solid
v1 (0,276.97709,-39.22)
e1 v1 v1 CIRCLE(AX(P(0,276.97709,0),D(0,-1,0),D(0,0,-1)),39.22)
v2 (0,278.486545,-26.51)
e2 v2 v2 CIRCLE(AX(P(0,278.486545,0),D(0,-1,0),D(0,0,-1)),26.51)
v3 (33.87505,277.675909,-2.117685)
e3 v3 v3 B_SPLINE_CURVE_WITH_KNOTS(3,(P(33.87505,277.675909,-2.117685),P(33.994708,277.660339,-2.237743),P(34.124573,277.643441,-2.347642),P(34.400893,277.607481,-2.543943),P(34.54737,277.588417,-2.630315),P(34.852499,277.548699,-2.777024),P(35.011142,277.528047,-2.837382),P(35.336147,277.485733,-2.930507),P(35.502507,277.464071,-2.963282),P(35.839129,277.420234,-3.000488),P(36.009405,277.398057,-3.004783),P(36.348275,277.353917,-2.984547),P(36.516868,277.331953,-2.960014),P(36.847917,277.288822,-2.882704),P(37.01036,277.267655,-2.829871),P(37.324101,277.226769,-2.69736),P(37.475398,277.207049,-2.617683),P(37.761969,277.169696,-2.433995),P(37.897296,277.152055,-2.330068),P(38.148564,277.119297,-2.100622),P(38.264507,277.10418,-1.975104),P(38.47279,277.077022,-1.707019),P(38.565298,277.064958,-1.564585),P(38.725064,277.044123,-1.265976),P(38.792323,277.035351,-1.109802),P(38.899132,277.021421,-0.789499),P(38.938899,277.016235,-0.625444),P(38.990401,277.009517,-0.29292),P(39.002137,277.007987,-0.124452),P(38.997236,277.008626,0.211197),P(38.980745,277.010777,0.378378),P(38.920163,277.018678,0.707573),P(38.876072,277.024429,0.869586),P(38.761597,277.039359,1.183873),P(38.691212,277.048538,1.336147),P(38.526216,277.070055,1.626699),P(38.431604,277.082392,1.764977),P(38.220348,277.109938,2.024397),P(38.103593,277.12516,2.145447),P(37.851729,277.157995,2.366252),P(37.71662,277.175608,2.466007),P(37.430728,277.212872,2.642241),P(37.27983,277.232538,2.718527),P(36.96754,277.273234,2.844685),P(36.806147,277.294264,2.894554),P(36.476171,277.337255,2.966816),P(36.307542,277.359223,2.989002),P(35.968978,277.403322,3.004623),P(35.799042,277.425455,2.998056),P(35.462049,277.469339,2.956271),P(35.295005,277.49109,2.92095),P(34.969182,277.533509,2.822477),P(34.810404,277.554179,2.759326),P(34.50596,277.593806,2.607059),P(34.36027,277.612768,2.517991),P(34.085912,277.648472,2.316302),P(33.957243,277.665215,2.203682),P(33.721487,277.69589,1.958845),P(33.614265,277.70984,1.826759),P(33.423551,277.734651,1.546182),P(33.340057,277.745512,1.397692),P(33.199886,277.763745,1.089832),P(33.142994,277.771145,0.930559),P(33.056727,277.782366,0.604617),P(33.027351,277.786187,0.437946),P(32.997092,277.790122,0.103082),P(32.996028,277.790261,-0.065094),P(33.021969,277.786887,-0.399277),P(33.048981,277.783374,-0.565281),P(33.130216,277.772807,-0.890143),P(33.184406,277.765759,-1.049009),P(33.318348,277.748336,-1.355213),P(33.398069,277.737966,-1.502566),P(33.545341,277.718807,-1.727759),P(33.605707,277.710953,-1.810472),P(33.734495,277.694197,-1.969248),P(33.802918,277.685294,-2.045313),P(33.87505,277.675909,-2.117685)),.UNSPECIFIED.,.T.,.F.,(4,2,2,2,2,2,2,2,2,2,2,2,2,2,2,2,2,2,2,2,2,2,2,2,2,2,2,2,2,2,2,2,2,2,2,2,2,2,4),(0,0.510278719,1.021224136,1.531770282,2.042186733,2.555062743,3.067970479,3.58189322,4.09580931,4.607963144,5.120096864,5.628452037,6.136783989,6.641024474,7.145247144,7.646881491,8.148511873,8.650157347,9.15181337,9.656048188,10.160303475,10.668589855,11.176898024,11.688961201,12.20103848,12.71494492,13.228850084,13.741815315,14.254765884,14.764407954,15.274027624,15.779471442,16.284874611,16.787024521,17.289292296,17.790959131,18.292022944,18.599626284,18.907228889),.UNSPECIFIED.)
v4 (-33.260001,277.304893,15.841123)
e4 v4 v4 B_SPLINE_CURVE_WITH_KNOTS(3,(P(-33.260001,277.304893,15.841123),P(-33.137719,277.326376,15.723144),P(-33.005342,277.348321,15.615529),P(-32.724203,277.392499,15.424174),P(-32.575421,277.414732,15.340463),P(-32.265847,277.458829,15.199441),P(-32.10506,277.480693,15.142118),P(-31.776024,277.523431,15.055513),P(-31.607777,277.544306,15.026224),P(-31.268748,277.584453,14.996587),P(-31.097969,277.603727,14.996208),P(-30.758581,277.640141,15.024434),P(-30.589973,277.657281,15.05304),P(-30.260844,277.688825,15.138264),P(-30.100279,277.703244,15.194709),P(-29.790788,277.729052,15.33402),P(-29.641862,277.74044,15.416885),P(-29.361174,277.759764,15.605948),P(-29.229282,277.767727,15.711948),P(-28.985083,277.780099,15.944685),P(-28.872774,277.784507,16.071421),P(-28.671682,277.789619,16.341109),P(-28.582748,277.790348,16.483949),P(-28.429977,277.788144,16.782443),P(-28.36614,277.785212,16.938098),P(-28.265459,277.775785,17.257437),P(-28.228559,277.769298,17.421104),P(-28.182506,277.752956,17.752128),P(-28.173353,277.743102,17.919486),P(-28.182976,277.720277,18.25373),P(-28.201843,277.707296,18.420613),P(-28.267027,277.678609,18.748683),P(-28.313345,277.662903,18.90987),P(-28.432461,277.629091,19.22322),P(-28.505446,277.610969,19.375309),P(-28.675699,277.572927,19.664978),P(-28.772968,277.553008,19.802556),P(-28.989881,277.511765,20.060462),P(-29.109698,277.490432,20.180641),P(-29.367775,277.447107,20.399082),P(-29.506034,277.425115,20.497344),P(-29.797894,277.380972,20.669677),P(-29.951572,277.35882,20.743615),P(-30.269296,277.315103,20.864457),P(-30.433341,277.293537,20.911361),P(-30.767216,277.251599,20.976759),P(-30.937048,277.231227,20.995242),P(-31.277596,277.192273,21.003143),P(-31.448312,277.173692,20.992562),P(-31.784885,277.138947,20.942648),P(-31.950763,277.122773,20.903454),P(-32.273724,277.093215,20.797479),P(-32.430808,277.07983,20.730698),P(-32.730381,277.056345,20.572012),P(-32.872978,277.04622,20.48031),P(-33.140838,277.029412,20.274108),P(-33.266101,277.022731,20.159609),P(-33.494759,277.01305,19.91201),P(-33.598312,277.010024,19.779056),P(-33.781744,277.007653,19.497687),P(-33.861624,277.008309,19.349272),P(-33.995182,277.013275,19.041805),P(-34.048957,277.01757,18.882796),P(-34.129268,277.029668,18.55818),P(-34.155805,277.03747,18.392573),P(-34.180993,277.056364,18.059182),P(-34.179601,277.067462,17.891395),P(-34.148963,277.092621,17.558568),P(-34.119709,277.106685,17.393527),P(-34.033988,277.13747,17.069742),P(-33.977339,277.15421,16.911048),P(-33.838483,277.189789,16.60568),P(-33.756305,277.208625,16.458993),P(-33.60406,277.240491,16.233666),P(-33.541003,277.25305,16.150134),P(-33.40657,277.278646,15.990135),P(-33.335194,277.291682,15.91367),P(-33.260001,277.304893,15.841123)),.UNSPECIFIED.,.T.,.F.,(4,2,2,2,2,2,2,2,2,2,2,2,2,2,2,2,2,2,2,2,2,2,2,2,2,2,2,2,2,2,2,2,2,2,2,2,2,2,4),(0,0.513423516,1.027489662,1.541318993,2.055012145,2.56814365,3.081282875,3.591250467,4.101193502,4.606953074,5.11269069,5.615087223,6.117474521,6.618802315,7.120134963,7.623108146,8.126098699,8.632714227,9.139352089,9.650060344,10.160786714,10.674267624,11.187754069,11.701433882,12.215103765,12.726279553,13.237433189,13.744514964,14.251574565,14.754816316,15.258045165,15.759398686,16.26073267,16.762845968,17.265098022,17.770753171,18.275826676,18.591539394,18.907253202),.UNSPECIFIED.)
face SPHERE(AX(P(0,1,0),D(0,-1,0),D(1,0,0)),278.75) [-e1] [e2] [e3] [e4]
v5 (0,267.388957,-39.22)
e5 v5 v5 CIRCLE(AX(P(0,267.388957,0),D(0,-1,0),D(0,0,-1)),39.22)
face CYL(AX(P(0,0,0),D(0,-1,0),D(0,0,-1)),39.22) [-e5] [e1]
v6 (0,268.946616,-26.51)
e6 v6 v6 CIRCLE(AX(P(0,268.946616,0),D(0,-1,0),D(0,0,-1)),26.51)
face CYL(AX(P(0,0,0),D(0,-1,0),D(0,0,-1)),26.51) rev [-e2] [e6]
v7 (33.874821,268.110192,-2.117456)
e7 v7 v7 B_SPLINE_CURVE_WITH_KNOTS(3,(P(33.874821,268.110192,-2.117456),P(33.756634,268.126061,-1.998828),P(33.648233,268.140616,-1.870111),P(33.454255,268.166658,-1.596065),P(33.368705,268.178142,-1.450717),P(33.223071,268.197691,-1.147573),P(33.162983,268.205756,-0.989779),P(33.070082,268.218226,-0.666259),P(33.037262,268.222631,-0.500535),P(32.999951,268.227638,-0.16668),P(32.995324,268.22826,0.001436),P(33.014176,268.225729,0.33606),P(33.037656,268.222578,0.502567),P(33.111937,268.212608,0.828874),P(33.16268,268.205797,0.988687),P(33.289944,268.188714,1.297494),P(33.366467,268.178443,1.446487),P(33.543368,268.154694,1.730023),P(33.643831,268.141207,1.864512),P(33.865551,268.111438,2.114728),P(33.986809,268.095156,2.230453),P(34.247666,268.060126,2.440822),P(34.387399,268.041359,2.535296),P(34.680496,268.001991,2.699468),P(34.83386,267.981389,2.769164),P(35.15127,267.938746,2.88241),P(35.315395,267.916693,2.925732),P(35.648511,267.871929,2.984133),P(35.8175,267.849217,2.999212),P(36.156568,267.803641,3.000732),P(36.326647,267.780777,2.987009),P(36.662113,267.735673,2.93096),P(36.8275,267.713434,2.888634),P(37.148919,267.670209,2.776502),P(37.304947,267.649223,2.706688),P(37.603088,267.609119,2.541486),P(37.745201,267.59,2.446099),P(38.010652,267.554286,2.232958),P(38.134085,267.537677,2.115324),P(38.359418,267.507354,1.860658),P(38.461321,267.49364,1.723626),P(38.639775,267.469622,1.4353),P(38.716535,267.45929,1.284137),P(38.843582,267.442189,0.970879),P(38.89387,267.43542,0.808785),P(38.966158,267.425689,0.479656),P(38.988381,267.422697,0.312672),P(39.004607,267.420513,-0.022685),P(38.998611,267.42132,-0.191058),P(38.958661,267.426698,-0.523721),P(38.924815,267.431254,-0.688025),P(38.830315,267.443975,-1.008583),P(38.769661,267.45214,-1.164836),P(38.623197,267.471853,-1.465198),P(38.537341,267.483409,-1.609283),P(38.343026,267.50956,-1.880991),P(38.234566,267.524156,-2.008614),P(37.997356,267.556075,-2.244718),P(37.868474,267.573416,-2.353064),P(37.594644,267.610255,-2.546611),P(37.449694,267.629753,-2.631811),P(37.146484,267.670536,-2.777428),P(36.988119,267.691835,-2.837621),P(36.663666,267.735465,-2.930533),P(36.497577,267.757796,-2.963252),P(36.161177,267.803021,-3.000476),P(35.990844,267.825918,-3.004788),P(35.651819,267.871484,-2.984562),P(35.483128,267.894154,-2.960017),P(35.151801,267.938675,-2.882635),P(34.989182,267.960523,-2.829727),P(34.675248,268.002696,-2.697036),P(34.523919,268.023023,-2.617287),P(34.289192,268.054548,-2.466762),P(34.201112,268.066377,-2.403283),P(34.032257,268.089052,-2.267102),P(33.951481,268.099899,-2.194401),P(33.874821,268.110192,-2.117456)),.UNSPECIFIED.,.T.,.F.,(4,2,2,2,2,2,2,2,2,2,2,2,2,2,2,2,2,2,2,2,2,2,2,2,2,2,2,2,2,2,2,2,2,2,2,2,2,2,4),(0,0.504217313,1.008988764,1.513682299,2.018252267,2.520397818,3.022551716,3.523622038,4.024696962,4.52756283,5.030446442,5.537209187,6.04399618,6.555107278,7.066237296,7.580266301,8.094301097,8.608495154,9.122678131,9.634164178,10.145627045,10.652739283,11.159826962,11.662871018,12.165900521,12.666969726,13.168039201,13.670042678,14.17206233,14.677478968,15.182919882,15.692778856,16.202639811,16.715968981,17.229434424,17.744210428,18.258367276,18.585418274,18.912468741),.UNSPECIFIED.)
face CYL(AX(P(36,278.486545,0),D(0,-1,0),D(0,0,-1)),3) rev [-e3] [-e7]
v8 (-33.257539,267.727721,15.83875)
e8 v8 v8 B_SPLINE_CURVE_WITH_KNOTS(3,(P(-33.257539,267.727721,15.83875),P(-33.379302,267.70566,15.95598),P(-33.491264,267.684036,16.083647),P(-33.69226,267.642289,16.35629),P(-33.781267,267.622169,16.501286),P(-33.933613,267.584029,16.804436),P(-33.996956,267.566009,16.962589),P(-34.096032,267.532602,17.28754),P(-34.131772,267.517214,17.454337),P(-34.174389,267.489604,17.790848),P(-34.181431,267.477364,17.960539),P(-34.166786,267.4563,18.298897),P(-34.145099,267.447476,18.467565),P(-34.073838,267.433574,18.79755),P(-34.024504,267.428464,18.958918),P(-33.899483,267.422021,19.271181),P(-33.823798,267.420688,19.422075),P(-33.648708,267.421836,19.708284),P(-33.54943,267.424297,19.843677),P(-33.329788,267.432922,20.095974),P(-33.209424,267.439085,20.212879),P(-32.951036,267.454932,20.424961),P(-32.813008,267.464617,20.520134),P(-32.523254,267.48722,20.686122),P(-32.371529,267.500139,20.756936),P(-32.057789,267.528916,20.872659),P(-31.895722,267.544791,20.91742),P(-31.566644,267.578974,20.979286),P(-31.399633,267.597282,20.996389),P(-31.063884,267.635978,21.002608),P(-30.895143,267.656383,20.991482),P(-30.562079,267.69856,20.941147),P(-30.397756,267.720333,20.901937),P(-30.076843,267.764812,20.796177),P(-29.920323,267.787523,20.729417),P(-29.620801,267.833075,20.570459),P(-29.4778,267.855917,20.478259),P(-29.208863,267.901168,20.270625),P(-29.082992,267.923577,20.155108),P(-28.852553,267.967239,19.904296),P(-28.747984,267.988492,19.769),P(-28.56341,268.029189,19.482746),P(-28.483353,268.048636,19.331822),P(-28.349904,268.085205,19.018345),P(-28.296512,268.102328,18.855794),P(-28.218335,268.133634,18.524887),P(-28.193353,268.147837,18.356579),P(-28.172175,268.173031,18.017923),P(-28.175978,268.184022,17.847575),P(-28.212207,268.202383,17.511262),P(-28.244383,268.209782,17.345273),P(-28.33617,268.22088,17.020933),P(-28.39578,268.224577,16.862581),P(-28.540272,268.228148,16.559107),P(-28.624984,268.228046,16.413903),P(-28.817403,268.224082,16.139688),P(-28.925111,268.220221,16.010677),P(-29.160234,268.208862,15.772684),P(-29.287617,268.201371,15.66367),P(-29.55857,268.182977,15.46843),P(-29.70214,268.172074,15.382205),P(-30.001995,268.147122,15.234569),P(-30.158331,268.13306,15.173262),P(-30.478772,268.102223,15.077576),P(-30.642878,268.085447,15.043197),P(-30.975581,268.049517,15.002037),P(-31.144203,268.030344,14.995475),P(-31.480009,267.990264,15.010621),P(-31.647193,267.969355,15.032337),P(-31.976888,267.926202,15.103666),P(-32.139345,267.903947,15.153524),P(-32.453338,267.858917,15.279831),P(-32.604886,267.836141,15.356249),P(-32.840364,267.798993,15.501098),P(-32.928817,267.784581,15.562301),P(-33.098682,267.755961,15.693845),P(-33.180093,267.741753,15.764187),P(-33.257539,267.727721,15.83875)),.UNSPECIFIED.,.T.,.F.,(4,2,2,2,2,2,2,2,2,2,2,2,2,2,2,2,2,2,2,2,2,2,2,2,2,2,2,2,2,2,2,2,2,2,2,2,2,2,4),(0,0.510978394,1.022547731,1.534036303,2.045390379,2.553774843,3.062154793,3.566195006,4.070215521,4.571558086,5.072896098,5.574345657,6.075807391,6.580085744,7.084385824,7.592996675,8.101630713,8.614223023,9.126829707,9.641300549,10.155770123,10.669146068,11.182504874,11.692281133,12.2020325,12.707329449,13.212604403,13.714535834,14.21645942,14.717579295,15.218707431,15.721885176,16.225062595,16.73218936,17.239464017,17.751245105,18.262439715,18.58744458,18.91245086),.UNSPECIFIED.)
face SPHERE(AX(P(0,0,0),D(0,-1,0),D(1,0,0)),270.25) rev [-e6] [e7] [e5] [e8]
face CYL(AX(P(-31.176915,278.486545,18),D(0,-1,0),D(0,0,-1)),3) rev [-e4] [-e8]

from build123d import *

# Parameters (mm, degrees)
SKETCH2_R          = 3
CUT_EXTRUDE3_DEPTH = 284.956285877


with BuildPart() as part:
    # Sketch1 → Revolve1 (revolve)
    with BuildSketch(Plane.XY):
        with BuildLine():
            Line((26.51, 277.486544539), (26.51, 268.946616264))
            ThreePointArc((26.51, 268.946616264), (32.874227001, 268.243075771), (39.22, 267.388956578))
            Line((39.22, 267.388956578), (39.22, 275.97708981))
            Line((39.22, 275.97708981), (39.22, 276.97708981))
            ThreePointArc((39.22, 276.97708981), (32.873664815, 277.804777165), (26.51, 278.486544539))
            Line((26.51, 278.486544539), (26.51, 277.486544539))
        make_face()
    revolve(axis=Axis((0, 0, 0), (0, 1, 0)))

    # Sketch2 → Cut-Extrude3 (cut, through all)
    with BuildSketch(Plane(origin=(0, 0, 0), x_dir=(1, 0, 0), z_dir=(0, 1, 0))):
        with Locations(Location((-31.176914536, -18, 0), (0, 0, 133.911115667))):
            Circle(SKETCH2_R)
        with Locations(Location((36, 0, 0), (0, 0, 135.098113779))):
            Circle(SKETCH2_R)
    extrude(amount=CUT_EXTRUDE3_DEPTH, mode=Mode.SUBTRACT)


solid = part.part
